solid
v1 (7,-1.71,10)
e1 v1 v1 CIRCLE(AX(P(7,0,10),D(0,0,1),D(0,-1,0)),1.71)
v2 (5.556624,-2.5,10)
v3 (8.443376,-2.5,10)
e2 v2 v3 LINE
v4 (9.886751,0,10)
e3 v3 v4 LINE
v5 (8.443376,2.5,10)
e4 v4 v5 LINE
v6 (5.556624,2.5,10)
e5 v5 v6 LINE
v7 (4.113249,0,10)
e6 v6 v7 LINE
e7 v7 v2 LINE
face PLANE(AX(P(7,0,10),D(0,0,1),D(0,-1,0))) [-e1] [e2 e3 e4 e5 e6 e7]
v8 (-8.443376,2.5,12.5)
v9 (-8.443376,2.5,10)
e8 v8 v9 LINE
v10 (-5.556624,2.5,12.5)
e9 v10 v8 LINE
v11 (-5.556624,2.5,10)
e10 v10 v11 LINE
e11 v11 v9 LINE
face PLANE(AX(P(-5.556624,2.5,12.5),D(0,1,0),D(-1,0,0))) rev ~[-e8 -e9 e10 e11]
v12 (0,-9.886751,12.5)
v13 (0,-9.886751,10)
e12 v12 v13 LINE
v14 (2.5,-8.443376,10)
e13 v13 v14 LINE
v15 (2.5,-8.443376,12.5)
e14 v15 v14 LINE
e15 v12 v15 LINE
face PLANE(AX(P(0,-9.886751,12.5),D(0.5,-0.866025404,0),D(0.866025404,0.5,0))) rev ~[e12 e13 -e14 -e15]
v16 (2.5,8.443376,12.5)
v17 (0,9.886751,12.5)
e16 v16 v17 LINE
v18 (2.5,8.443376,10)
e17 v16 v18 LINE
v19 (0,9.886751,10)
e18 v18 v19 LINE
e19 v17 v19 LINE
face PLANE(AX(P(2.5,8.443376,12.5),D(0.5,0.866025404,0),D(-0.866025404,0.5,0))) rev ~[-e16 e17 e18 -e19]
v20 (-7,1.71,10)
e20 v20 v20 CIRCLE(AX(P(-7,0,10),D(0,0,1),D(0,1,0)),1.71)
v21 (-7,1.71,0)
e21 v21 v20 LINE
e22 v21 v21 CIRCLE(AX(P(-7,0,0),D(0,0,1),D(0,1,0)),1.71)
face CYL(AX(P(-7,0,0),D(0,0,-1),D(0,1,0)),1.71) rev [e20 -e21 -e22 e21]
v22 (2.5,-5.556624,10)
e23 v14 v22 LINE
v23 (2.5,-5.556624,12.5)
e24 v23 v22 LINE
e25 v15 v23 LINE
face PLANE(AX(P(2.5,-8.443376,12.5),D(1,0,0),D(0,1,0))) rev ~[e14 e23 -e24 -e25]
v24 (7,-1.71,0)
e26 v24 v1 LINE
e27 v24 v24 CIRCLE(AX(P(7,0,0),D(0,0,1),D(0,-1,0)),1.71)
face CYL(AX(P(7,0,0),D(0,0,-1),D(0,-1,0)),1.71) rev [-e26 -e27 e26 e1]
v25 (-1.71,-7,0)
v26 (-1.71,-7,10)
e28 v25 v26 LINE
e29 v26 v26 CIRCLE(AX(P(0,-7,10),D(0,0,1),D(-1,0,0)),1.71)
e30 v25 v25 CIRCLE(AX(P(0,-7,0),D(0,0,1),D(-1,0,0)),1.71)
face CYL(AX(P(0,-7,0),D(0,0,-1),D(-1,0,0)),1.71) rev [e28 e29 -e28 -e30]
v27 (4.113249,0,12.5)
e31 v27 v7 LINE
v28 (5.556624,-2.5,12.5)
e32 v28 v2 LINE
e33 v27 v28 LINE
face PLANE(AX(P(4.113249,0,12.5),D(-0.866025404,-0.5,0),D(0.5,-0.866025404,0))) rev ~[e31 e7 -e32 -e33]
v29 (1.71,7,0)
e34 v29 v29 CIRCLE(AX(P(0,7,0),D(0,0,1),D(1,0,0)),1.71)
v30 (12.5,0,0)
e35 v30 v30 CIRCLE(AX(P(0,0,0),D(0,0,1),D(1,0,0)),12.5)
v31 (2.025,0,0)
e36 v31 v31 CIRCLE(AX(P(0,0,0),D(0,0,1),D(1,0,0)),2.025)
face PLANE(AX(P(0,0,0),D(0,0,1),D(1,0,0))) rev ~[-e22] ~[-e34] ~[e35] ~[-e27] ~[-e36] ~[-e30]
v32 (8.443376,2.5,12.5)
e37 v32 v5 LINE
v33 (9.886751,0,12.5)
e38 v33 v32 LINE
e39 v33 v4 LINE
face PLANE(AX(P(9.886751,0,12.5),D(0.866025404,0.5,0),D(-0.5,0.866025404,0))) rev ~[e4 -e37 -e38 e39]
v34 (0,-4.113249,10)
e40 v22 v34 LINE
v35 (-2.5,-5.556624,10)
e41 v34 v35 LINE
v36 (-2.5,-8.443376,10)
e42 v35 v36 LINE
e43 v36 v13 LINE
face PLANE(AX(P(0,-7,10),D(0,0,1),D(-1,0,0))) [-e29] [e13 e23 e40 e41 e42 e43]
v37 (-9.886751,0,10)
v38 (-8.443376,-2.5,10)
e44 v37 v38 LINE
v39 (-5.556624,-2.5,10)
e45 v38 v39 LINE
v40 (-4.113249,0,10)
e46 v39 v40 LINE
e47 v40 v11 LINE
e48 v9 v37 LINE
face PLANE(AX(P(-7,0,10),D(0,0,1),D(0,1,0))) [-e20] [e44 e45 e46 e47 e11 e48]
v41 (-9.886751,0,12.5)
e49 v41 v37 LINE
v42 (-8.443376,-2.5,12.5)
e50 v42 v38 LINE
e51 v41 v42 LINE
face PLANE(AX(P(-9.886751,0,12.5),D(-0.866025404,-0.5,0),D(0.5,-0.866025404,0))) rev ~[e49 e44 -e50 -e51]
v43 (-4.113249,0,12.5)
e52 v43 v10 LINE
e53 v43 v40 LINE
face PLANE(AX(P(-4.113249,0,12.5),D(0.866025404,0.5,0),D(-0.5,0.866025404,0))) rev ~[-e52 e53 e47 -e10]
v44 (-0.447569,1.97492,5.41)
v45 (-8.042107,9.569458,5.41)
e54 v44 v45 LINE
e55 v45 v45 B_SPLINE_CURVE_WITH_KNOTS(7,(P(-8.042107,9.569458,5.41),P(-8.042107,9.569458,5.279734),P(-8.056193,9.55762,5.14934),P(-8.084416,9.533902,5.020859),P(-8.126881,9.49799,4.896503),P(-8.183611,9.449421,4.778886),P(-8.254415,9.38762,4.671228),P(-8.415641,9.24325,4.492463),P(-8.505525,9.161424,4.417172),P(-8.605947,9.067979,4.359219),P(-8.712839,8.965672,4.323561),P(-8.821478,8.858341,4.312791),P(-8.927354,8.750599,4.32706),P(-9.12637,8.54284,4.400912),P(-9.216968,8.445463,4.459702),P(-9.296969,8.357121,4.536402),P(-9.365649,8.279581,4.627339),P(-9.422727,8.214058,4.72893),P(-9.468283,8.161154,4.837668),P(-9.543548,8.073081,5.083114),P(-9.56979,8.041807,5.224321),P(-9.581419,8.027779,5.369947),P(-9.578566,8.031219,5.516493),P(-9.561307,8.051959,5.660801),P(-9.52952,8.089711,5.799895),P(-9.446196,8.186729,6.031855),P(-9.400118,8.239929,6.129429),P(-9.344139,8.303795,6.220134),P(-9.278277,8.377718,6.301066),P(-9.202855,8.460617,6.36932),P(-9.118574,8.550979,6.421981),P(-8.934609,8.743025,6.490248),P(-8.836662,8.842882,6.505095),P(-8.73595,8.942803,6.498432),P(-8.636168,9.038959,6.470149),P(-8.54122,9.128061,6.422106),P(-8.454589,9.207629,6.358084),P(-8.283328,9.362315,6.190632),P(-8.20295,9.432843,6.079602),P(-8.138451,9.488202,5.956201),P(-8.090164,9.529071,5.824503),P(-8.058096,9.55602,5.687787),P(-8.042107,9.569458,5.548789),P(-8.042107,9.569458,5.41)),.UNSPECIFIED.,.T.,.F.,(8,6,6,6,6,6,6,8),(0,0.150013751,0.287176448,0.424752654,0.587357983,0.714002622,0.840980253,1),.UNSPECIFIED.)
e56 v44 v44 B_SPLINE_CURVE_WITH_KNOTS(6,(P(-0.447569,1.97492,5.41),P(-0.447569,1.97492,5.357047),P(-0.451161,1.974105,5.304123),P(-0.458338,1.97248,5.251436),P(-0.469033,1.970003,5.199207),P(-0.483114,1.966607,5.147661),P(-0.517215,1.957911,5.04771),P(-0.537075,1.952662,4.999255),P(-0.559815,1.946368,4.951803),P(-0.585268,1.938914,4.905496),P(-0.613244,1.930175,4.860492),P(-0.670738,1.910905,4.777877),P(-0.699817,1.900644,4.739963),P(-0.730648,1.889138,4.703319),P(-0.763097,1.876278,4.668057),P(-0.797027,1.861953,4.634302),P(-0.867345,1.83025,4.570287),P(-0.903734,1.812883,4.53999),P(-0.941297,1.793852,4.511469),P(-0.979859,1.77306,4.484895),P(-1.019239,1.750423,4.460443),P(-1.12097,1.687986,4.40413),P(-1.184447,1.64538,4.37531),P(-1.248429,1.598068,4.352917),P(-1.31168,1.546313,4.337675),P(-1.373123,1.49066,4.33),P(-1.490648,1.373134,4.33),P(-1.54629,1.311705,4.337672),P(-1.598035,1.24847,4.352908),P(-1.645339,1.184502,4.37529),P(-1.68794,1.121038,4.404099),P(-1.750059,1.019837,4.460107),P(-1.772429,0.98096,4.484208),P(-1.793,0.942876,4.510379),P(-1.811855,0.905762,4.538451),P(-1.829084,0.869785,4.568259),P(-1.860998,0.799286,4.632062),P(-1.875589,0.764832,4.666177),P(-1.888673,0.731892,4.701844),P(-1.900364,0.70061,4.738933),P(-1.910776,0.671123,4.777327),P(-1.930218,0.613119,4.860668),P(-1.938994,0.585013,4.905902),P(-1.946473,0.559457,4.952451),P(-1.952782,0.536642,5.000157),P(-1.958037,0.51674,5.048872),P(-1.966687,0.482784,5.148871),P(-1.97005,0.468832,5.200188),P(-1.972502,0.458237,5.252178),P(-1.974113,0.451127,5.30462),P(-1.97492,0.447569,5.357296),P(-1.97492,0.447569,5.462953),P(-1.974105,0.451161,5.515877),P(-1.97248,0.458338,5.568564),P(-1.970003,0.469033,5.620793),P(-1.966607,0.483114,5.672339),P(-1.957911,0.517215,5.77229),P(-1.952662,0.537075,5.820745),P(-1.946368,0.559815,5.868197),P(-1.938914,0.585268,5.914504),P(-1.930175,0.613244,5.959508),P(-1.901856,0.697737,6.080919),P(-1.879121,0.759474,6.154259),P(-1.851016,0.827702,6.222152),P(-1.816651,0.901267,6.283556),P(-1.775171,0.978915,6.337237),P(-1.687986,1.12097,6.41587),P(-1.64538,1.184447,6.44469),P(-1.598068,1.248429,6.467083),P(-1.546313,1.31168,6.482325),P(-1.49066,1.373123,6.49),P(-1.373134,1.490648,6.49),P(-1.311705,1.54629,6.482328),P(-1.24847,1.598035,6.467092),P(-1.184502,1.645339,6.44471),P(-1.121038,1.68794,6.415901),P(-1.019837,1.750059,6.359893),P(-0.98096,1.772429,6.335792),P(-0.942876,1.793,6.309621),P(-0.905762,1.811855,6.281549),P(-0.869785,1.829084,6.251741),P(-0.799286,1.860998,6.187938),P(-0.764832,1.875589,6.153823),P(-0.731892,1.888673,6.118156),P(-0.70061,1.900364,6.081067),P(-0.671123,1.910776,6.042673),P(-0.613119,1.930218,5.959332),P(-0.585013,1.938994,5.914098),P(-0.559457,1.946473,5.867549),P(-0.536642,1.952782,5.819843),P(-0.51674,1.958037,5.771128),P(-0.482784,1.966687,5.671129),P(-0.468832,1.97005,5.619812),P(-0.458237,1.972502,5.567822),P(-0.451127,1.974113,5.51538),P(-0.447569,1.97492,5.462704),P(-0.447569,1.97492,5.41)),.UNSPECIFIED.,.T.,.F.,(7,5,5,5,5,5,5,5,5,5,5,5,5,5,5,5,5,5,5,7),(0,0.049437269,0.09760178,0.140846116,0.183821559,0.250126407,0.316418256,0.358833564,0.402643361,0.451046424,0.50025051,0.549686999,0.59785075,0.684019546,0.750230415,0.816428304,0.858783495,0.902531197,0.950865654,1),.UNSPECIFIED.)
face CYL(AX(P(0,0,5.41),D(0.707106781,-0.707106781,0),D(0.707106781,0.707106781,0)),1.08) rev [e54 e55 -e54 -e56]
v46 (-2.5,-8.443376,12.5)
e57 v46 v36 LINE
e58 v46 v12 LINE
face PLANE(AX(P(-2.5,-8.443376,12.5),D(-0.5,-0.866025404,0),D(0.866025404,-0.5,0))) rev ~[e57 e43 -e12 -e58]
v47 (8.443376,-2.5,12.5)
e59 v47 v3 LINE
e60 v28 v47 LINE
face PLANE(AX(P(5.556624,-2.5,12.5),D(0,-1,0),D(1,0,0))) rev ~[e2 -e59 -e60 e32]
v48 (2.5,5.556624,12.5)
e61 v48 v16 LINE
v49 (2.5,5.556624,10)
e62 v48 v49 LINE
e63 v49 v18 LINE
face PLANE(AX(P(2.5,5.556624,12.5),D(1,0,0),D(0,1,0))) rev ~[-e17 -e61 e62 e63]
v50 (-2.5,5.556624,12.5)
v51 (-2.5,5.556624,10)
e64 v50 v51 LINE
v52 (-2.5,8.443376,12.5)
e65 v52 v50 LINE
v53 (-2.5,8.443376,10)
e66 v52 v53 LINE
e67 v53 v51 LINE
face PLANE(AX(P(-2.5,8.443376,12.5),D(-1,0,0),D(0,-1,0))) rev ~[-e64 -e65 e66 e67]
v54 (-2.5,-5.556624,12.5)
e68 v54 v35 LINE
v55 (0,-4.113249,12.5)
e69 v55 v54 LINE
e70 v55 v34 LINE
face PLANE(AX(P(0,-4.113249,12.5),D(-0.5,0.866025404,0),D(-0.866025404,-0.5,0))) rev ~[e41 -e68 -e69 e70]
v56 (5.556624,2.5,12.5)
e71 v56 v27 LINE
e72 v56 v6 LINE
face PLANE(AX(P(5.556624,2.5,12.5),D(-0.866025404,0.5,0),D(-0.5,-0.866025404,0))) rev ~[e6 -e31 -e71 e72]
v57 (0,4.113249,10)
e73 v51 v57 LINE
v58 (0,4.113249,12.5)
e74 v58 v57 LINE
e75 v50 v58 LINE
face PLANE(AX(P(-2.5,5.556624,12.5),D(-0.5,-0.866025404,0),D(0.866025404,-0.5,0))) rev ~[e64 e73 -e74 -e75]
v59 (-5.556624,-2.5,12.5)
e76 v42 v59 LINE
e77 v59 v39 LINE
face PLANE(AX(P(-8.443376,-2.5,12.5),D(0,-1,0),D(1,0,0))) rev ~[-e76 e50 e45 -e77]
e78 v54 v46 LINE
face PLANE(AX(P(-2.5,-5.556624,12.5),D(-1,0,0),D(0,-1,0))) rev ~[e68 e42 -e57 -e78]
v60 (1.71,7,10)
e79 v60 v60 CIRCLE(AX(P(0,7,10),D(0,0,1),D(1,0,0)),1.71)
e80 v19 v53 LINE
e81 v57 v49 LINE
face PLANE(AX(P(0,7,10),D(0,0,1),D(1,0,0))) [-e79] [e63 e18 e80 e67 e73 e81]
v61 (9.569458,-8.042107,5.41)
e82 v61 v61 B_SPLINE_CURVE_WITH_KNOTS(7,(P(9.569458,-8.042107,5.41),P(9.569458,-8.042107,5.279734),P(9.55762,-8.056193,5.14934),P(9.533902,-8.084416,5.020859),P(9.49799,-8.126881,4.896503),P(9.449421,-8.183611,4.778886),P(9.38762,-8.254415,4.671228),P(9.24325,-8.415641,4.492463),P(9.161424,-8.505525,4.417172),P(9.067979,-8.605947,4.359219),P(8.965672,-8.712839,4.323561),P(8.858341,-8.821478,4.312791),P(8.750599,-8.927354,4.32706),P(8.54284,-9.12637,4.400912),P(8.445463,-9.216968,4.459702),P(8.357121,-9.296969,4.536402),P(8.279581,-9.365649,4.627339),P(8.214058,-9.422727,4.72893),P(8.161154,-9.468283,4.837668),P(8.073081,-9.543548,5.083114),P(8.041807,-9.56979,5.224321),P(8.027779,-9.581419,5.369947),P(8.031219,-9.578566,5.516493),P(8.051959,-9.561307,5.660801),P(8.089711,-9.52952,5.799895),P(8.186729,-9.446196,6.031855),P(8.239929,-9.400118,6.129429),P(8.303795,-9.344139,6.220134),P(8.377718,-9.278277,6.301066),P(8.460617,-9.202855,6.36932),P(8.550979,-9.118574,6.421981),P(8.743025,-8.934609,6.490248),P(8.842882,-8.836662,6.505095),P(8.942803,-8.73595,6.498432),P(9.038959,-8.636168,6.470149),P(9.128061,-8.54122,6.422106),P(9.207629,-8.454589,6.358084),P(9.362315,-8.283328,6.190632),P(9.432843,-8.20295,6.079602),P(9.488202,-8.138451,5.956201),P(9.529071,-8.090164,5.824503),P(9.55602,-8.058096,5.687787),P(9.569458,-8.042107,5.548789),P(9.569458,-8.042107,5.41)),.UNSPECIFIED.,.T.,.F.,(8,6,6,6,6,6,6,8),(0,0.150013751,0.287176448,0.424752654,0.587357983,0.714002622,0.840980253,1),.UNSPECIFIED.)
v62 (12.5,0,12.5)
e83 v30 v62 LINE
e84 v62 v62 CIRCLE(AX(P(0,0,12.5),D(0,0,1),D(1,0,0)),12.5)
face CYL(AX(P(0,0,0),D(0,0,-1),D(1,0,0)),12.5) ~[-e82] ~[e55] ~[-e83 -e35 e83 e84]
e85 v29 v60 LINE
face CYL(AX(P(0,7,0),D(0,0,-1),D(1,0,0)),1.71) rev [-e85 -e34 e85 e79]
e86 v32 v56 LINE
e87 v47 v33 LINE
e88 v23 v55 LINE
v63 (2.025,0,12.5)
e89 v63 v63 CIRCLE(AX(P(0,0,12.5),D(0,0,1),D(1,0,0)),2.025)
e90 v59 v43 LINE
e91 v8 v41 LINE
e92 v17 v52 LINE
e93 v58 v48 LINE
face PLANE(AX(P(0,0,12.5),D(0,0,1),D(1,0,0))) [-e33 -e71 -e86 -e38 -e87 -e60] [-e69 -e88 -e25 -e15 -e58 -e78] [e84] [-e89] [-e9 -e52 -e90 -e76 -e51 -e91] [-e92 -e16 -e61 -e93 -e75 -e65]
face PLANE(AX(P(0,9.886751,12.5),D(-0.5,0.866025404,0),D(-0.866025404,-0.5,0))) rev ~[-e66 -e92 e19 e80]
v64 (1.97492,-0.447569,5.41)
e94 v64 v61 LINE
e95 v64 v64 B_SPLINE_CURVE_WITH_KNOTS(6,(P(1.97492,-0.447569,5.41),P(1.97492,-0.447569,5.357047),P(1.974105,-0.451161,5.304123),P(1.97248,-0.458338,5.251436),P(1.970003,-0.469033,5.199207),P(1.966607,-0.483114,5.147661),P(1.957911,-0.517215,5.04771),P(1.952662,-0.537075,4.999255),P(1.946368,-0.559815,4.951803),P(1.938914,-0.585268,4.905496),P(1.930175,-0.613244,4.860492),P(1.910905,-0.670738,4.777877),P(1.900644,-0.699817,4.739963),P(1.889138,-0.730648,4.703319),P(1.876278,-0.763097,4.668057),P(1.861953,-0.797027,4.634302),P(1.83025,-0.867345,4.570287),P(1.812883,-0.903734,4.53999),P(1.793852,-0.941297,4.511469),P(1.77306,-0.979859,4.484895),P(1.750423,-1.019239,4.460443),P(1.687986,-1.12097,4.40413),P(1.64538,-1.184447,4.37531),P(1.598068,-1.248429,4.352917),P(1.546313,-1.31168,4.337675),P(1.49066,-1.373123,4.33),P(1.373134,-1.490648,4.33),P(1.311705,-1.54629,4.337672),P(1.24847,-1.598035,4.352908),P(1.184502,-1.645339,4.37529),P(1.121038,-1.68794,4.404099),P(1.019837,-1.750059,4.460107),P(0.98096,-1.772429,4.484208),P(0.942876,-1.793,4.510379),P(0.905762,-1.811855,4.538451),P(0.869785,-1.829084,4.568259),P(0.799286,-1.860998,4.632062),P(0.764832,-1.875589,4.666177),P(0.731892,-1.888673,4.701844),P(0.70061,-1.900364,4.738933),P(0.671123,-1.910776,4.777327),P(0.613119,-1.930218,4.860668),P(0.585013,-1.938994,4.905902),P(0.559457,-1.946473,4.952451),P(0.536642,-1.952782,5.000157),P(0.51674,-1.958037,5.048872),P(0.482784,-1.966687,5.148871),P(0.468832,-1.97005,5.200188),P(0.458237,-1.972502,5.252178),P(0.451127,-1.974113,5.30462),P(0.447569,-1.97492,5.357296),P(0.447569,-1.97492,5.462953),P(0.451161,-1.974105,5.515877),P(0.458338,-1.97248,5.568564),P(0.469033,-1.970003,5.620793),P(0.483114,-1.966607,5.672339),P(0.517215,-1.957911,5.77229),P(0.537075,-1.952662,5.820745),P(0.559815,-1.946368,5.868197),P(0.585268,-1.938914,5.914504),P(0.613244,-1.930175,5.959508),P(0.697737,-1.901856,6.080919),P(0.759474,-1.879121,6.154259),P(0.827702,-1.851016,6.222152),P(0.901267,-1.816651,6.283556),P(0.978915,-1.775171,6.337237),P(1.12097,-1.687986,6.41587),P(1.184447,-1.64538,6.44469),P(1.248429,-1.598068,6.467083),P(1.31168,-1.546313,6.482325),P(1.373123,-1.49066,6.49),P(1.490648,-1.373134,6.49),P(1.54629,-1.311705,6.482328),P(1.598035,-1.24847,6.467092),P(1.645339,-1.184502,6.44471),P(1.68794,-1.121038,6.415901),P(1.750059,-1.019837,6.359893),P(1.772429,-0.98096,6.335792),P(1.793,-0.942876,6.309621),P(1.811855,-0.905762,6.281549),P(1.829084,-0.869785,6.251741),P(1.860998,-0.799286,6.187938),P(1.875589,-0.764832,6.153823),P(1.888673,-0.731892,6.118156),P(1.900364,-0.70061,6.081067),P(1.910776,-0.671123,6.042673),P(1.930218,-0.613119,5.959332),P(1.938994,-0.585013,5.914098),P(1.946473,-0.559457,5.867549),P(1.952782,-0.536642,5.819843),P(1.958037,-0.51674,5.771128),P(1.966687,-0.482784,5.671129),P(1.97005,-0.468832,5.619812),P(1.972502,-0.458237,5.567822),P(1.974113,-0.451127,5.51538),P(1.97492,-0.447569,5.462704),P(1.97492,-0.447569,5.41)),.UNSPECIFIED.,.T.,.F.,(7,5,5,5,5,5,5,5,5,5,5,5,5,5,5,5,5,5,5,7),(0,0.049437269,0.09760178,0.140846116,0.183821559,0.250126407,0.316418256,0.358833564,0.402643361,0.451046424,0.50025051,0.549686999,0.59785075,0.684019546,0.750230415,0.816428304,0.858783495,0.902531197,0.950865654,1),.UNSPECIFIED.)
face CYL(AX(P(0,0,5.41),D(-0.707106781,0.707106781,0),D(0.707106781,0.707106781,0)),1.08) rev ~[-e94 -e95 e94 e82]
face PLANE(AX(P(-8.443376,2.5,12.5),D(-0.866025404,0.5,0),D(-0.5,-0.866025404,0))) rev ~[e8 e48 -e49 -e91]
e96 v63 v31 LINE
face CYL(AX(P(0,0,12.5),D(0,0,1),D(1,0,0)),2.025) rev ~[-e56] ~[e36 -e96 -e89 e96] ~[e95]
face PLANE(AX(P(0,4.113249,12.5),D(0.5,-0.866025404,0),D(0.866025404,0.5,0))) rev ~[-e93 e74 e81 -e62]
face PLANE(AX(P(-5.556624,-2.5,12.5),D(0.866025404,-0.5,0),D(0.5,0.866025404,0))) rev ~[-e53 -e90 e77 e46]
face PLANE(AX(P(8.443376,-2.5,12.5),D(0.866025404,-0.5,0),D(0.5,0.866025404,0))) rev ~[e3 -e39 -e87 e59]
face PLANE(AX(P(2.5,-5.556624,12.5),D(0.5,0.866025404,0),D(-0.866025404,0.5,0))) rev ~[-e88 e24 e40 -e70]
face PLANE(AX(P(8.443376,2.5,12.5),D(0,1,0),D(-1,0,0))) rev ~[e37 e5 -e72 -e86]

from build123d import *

# Parameters (mm, degrees)
SKETCH1_R               = 12.5
BOSS_EXTRUDE1_DEPTH     = 12.5
CUT_EXTRUDE1_DEPTH      = 2.5
CUT_EXTRUDE2_REACH      = 23.651
SKETCH2_3_R             = 1.71
CIRPATTERN1_COUNT       = 4
CUT_EXTRUDE3_REACH      = 23.651
SKETCH3_R               = 2.025
CUT_EXTRUDE5_DEPTH      = 22.650635095
CUT_EXTRUDE5_DEPTH_BACK = 22.650635095
SKETCH6_R               = 1.08


with BuildPart() as part:
    # Sketch1 → Boss-Extrude1 (new body)
    with BuildSketch(Plane.XY):
        Circle(SKETCH1_R)
    extrude(amount=BOSS_EXTRUDE1_DEPTH)

    # Sketch2 → Cut-Extrude1 (cut)
    with BuildSketch(Plane.XY.offset(12.5)):
        Polygon((2.5, 8.443375673), (0, 9.886751346), (-2.5, 8.443375673), (-2.5, 5.556624327), (0, 4.113248654), (2.5, 5.556624327), align=None)
    cut_extrude1 = extrude(amount=-CUT_EXTRUDE1_DEPTH, mode=Mode.SUBTRACT)

    # Sketch2<3> → Cut-Extrude2 (cut, up to next)
    with BuildSketch(Plane.XY.offset(12.5), mode=Mode.PRIVATE) as cut_extrude2_sk1:
        with Locations((0, 7)):
            Circle(SKETCH2_3_R)
    cut_extrude2_tool1 = extrude(cut_extrude2_sk1.sketch, amount=-CUT_EXTRUDE2_REACH, mode=Mode.PRIVATE) & part.part
    cut_extrude2 = cut_extrude2_tool1.solids().sort_by_distance((0, 7, 12.5))[0]
    add(cut_extrude2, mode=Mode.SUBTRACT)

    # CirPattern1: Cut-Extrude1, Cut-Extrude2 ×4 about axis
    cirpattern1_axis = Axis((0, 0, 12.5), (0, 0, -1))
    add([cut_extrude1.rotate(cirpattern1_axis, i * 360 / CIRPATTERN1_COUNT) for i in range(1, CIRPATTERN1_COUNT)], mode=Mode.SUBTRACT)
    add([cut_extrude2.rotate(cirpattern1_axis, i * 360 / CIRPATTERN1_COUNT) for i in range(1, CIRPATTERN1_COUNT)], mode=Mode.SUBTRACT)

    # Sketch3 → Cut-Extrude3 (cut, up to next)
    with BuildSketch(Plane.XY.offset(12.5), mode=Mode.PRIVATE) as cut_extrude3_sk1:
        Circle(SKETCH3_R)
    cut_extrude3_tool1 = extrude(cut_extrude3_sk1.sketch, amount=-CUT_EXTRUDE3_REACH, mode=Mode.PRIVATE) & part.part
    add(cut_extrude3_tool1.solids().sort_by_distance((0, 0, 12.5))[0], mode=Mode.SUBTRACT)

    # Sketch6 → Cut-Extrude5 (cut, two sides: drawn at the far end of the back side and taken through both)
    with BuildSketch(Plane(origin=(0, 0, 0), x_dir=(0.7071067811865477, 0.7071067811865475, 0), z_dir=(-0.7071067811865475, 0.7071067811865477, 0)).offset(-CUT_EXTRUDE5_DEPTH_BACK)):
        with Locations((0, -5.41)):
            Circle(SKETCH6_R)
    extrude(amount=CUT_EXTRUDE5_DEPTH + CUT_EXTRUDE5_DEPTH_BACK, mode=Mode.SUBTRACT)


solid = part.part
